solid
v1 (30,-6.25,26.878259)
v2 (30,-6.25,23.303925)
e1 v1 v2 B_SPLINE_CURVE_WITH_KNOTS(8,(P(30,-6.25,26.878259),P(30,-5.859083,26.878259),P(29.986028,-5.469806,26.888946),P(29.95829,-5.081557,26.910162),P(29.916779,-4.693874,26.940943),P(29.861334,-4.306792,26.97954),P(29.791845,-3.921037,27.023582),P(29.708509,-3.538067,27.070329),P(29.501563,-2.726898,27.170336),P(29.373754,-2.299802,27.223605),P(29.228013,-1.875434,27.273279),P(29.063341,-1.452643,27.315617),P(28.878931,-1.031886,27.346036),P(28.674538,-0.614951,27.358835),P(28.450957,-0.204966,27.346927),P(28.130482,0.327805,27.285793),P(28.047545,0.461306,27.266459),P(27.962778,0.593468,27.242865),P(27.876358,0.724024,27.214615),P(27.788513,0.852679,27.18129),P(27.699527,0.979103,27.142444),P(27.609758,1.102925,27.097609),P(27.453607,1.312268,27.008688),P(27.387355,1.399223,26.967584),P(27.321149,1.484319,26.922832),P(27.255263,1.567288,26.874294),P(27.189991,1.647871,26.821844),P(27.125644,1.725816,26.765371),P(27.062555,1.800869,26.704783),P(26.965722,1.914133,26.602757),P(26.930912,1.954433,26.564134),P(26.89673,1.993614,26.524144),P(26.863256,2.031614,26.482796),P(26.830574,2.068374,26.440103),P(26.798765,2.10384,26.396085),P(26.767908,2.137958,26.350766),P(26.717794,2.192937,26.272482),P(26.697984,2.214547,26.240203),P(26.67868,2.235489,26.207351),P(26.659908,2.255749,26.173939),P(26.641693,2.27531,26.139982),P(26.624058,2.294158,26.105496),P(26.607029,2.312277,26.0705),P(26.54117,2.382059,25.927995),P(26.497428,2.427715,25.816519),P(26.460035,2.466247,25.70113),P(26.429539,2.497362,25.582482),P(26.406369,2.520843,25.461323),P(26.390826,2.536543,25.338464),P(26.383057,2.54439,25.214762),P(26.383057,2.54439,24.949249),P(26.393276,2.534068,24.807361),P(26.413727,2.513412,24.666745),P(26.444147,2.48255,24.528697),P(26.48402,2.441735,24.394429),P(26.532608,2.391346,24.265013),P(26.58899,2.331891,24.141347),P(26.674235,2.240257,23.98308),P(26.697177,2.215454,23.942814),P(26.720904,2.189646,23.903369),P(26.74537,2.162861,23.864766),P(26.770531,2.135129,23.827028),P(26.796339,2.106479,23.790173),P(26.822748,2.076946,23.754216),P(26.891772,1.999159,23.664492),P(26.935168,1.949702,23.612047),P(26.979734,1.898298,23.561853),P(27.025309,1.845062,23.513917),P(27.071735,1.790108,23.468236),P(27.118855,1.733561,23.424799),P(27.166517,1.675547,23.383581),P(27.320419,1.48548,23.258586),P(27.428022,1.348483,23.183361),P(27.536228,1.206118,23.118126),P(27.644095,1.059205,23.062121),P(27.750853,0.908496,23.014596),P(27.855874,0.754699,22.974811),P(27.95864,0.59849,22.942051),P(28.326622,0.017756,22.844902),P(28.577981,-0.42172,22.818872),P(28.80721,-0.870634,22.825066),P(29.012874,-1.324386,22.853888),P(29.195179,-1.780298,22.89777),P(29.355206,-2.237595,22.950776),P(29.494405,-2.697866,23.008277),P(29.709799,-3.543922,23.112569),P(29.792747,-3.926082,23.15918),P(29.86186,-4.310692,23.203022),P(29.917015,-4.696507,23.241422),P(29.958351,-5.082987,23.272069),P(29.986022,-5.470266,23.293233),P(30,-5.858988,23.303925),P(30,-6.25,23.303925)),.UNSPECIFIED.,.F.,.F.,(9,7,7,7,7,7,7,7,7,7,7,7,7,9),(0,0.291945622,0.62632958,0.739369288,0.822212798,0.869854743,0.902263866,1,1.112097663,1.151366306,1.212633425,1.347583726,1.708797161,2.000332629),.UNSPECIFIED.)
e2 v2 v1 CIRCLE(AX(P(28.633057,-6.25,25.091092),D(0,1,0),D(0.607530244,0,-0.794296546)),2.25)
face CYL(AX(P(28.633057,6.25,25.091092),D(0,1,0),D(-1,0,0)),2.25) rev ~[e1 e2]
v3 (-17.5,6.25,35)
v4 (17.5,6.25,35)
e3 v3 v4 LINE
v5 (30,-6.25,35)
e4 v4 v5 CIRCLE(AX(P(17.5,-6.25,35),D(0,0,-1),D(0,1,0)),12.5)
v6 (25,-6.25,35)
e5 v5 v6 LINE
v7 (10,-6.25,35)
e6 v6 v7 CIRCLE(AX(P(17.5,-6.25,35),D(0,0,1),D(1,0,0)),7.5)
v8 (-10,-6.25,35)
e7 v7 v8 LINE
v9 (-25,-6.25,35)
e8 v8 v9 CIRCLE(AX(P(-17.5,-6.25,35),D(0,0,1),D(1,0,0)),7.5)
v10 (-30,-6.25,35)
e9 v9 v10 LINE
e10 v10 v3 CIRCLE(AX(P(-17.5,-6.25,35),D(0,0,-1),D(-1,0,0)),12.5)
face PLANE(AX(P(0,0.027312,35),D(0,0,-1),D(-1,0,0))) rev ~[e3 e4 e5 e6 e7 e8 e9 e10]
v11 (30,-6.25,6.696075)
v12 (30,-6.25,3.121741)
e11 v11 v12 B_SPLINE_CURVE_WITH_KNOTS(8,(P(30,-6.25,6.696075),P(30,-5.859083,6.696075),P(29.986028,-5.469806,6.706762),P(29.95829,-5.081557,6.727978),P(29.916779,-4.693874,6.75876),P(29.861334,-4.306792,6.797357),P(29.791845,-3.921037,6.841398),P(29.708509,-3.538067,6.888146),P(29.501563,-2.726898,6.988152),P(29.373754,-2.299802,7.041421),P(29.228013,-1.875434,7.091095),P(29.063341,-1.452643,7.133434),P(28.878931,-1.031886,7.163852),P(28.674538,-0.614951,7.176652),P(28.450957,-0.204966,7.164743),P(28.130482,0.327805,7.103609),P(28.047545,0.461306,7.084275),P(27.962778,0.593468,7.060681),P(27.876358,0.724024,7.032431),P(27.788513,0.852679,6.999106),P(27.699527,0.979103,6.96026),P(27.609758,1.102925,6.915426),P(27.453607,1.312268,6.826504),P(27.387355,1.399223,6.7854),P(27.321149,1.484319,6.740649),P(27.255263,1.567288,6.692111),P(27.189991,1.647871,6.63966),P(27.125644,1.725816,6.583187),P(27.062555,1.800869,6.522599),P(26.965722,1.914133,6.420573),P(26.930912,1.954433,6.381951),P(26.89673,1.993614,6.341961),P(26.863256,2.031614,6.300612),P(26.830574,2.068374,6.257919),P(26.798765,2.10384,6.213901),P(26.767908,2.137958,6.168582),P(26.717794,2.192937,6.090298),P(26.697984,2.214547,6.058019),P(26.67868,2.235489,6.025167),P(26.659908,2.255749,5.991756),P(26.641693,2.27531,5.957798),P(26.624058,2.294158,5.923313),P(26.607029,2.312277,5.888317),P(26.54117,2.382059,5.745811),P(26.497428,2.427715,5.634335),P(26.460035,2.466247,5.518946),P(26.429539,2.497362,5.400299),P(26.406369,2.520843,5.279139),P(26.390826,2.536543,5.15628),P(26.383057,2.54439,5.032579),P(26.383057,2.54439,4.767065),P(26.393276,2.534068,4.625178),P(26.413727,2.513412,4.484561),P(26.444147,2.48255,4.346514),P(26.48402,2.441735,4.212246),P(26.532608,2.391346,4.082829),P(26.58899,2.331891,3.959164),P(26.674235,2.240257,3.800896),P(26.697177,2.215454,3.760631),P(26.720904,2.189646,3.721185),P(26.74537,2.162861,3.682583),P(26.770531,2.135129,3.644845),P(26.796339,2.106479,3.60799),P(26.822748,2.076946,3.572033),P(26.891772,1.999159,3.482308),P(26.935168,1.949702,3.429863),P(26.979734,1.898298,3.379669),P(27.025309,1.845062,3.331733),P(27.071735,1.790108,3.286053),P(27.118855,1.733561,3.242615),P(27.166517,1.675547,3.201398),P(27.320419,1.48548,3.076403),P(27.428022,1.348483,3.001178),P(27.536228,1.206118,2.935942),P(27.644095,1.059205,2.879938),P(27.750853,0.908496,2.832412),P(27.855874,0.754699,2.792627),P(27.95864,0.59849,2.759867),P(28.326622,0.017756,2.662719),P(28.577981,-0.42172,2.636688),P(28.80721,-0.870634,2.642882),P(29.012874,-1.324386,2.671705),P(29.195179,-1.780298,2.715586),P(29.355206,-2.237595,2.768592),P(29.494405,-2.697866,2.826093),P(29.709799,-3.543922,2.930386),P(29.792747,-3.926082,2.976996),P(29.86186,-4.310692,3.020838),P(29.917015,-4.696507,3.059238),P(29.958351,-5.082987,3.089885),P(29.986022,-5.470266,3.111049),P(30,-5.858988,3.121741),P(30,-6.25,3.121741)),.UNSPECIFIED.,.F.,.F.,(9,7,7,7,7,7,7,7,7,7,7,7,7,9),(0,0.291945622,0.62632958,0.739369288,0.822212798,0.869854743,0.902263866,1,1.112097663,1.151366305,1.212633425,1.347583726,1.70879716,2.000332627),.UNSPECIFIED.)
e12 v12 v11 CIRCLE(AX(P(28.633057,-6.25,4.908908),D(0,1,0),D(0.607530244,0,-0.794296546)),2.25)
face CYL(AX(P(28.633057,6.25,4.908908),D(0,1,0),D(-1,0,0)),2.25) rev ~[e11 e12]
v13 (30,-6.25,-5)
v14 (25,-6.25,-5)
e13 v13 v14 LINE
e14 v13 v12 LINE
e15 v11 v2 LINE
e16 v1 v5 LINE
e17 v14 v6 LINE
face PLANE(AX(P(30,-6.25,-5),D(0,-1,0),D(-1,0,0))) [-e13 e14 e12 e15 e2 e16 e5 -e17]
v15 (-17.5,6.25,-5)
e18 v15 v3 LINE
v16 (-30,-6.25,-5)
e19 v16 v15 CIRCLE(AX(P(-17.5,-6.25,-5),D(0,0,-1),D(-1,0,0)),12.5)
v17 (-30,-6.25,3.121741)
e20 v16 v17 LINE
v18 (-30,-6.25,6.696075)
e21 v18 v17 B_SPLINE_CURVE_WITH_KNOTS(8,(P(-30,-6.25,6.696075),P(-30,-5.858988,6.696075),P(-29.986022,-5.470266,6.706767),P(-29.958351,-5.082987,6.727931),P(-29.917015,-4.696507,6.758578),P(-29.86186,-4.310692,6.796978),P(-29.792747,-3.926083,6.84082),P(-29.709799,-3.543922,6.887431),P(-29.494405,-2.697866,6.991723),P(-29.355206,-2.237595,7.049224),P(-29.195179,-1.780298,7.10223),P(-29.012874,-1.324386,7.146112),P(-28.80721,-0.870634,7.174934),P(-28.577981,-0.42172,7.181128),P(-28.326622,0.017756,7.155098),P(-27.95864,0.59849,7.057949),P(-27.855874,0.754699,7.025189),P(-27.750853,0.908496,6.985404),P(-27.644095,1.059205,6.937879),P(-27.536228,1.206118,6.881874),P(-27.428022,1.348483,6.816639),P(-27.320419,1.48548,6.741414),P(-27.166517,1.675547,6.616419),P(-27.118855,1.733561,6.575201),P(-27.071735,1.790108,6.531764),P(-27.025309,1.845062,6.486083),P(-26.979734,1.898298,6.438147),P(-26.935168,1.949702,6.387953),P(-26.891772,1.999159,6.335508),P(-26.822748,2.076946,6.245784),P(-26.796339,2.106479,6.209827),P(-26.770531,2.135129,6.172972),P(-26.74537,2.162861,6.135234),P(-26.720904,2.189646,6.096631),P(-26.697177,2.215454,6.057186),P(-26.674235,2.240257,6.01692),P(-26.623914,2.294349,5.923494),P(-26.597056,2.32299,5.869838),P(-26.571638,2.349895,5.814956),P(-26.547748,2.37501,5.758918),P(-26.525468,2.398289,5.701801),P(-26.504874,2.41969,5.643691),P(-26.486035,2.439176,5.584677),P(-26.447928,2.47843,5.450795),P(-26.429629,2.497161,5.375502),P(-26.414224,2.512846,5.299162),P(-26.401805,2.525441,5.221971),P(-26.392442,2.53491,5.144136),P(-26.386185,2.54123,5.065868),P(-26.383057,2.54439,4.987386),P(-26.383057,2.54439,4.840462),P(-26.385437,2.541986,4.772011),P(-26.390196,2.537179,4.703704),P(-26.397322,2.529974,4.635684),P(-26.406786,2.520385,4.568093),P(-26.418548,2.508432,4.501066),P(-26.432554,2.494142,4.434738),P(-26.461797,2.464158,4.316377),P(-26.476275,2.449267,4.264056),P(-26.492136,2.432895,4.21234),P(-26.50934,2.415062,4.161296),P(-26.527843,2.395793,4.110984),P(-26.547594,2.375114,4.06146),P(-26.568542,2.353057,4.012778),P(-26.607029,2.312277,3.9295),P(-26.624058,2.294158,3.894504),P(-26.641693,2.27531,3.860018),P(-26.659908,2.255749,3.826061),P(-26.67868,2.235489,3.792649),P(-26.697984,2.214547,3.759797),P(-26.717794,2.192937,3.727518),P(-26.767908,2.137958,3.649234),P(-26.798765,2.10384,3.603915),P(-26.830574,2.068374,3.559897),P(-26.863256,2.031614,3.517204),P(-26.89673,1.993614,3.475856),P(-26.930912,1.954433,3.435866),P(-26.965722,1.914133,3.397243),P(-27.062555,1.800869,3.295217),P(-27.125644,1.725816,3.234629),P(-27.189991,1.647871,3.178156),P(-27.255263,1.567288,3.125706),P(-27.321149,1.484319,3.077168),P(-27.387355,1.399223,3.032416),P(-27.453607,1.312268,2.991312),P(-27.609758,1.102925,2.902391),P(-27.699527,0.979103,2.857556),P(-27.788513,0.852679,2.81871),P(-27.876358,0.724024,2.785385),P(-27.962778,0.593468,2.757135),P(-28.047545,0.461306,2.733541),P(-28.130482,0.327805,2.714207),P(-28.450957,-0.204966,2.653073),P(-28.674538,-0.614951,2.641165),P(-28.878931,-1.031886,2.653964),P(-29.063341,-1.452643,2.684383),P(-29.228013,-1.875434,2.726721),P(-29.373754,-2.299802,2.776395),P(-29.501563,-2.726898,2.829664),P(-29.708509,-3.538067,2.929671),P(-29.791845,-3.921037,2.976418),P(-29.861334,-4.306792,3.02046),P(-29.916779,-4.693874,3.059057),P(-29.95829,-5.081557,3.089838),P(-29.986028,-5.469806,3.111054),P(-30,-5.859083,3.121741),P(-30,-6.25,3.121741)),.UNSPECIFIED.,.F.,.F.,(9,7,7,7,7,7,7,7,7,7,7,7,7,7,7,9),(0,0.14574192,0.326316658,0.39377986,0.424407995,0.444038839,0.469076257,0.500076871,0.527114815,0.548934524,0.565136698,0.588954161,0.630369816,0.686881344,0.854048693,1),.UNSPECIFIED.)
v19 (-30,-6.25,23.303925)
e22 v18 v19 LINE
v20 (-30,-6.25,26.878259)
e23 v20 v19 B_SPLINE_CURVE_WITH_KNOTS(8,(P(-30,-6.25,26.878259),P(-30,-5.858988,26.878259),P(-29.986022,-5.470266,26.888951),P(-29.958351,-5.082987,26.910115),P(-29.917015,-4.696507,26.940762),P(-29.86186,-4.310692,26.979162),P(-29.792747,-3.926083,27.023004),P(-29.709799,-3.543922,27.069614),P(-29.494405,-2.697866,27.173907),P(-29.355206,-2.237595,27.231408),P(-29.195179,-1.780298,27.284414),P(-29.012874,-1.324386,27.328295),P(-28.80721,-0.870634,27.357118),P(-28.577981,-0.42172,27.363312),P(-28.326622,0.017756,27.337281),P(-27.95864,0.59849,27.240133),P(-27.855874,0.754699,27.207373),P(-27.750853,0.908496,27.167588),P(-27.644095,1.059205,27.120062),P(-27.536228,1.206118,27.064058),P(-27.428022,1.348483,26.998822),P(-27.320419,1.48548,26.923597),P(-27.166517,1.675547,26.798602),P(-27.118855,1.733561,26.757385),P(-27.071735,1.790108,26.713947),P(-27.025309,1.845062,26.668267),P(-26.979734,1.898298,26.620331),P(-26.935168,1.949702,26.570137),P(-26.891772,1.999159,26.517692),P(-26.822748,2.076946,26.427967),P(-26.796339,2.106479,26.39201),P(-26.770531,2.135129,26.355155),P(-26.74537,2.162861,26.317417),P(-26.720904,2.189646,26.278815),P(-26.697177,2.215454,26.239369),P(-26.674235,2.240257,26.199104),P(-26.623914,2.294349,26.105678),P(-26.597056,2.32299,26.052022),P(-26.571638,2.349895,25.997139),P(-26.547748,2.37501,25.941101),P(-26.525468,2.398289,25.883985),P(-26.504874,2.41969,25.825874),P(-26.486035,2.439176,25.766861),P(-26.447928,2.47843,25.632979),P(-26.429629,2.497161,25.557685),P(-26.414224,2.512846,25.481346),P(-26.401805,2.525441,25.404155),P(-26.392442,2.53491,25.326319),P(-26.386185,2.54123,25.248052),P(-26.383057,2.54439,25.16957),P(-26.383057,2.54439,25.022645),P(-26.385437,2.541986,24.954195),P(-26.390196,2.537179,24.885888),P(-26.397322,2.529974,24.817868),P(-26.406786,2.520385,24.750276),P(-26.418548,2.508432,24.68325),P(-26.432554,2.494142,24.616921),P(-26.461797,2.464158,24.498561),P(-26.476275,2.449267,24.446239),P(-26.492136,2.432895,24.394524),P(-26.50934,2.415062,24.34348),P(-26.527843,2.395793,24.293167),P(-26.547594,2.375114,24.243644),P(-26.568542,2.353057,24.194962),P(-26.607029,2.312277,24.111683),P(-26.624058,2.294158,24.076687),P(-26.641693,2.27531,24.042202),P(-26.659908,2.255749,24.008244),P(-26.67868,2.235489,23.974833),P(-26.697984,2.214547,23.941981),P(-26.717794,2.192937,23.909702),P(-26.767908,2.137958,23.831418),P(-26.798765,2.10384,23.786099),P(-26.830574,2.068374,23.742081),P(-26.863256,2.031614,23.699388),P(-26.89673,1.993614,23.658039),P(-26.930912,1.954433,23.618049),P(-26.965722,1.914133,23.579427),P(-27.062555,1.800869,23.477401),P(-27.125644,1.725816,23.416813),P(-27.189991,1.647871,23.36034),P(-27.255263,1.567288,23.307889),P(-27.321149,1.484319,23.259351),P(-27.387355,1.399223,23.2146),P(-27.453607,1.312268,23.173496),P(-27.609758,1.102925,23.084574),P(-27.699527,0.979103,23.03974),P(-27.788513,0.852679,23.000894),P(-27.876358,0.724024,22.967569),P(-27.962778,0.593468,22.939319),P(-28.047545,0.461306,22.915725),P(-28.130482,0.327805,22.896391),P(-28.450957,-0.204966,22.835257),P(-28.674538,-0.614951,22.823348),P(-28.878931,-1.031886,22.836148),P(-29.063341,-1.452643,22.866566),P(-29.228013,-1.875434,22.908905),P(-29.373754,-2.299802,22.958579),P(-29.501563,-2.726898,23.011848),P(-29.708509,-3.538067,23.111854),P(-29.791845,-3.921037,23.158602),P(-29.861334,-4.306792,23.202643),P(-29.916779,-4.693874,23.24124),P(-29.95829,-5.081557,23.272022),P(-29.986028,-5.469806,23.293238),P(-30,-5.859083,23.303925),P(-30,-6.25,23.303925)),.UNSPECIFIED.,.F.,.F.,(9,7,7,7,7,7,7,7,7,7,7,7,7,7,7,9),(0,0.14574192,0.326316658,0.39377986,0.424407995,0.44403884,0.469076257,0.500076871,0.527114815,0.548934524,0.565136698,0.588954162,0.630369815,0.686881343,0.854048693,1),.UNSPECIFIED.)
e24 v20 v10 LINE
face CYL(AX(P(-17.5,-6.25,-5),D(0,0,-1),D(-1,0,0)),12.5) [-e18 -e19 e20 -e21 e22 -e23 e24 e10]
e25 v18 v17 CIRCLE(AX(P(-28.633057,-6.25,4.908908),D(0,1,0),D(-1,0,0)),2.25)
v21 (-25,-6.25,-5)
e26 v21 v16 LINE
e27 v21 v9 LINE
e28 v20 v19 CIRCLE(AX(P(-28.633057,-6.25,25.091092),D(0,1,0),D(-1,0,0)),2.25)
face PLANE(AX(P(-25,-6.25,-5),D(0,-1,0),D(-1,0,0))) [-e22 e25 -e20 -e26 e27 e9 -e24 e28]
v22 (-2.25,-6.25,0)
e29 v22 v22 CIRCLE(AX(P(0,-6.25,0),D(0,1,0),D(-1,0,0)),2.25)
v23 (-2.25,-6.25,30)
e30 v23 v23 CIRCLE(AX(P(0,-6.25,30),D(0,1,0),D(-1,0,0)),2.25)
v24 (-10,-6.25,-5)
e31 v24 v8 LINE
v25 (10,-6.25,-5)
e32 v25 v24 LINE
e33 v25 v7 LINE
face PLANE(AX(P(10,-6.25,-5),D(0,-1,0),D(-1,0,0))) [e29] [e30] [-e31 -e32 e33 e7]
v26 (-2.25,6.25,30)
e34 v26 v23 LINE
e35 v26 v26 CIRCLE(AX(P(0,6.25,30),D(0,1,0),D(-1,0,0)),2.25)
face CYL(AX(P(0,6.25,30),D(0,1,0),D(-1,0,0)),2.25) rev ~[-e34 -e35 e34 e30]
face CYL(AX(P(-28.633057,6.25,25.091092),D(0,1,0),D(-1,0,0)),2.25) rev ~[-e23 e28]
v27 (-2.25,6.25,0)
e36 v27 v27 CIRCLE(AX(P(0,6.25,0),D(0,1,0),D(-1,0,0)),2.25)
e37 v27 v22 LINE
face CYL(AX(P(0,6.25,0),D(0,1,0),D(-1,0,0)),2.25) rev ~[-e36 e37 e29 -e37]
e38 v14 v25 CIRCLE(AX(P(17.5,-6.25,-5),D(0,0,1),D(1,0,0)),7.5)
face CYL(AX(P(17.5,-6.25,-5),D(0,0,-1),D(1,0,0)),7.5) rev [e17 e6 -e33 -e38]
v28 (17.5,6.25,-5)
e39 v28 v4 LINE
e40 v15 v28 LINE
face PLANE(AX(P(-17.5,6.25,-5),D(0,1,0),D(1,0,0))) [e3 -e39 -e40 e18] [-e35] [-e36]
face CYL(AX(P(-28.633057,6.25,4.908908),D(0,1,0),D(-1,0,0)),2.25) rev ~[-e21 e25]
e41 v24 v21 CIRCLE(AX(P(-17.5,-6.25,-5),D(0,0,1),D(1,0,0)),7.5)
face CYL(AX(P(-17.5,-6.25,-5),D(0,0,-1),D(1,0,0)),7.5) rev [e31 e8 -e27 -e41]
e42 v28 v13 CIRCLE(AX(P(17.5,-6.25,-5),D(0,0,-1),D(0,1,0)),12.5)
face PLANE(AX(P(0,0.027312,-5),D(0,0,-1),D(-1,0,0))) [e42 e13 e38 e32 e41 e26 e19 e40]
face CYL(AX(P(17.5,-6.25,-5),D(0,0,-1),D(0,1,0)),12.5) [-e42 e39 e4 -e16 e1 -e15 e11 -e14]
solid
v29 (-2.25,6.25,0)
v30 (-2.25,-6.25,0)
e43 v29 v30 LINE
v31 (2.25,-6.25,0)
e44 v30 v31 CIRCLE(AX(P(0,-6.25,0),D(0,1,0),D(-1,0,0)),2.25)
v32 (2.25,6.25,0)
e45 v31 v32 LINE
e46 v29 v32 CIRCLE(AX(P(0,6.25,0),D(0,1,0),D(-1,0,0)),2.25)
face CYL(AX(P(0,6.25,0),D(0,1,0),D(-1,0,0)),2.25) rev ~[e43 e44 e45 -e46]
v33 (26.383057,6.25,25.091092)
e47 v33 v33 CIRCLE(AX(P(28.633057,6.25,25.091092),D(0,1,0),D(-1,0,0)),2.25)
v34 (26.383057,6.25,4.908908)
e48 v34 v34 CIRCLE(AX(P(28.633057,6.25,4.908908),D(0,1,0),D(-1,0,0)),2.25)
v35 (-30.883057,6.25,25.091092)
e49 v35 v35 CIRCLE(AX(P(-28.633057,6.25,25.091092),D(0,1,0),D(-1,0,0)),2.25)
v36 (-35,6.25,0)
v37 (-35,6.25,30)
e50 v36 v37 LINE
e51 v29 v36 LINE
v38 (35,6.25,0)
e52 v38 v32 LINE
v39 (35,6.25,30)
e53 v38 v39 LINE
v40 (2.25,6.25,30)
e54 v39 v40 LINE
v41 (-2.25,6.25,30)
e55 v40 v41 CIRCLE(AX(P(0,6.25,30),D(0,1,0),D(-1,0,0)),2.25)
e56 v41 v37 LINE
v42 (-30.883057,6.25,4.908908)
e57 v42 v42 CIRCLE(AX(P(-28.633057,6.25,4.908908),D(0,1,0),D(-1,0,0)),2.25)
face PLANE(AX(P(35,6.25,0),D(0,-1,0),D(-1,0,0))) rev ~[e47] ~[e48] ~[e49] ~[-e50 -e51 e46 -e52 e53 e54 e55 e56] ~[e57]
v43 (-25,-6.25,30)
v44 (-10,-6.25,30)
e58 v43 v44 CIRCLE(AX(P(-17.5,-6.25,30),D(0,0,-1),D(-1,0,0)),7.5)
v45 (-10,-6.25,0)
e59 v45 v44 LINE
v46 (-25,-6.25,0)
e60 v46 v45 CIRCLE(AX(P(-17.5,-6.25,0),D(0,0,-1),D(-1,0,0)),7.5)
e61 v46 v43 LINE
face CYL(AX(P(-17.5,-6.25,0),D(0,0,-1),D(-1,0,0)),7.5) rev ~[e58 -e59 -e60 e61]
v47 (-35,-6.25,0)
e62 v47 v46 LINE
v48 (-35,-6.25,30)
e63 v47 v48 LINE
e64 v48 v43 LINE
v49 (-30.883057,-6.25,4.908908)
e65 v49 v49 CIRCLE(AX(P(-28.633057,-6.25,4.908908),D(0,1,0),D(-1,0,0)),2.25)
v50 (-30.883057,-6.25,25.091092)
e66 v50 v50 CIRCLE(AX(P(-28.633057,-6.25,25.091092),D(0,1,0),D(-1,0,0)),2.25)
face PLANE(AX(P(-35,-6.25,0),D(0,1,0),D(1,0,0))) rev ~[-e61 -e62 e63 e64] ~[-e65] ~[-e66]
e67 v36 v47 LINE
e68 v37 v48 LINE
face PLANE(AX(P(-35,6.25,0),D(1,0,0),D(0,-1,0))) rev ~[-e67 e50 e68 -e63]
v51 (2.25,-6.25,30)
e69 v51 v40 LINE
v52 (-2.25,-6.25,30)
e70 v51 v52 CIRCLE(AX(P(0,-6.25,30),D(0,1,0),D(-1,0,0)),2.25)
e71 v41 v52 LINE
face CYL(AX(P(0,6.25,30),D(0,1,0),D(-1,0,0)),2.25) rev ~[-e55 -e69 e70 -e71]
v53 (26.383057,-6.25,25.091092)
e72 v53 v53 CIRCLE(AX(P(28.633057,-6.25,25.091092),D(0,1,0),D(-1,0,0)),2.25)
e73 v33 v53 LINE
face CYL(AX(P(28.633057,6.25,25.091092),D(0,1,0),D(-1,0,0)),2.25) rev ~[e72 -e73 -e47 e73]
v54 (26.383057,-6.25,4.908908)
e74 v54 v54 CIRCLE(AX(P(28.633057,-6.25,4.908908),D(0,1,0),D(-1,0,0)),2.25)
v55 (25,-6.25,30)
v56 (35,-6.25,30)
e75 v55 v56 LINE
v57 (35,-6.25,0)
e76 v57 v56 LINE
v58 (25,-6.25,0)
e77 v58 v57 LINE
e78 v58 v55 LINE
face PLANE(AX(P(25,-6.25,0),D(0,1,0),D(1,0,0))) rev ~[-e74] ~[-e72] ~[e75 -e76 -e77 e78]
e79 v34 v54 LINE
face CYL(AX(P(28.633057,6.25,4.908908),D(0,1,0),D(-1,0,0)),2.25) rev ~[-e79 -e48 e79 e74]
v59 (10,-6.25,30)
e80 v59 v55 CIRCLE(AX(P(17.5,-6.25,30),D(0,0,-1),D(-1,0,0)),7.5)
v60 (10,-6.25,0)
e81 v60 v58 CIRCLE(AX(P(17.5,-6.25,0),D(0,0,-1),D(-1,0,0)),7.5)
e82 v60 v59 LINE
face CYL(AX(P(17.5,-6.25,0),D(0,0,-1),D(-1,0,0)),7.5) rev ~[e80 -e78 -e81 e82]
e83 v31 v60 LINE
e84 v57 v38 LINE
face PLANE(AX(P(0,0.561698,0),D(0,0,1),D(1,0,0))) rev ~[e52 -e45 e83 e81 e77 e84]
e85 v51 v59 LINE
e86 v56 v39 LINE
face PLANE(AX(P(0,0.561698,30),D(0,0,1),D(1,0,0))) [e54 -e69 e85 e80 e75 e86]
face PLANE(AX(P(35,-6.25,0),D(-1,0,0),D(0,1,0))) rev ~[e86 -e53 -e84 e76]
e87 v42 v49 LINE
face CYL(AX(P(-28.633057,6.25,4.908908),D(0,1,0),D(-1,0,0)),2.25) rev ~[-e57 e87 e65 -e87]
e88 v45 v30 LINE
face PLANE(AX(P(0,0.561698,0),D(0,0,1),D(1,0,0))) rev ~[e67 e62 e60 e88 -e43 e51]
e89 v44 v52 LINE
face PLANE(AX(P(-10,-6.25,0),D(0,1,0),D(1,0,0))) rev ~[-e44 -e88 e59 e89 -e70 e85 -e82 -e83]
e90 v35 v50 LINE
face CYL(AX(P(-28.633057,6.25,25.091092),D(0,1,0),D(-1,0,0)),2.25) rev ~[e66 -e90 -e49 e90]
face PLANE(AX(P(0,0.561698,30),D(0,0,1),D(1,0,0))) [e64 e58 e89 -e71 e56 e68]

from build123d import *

# Parameters (mm, degrees)
BOSS_EXTRUDE1_DEPTH      = 30
BOSS_EXTRUDE2_DEPTH      = 5
BOSS_EXTRUDE2_DEPTH_BACK = 35
SKETCH3_R                = 2.25
CUT_EXTRUDE1_DEPTH       = 52.051444642


with BuildPart() as part:
    # Sketch1 → Boss-Extrude1 (new body)
    with BuildSketch(Plane.XY):
        with BuildLine():
            Line((-10, -6.25), (10, -6.25))
            ThreePointArc((10, -6.25), (17.5, 1.25), (25, -6.25))
            Line((25, -6.25), (35, -6.25))
            Line((35, -6.25), (35, 6.25))
            Line((35, 6.25), (-35, 6.25))
            Line((-35, 6.25), (-35, -6.25))
            Line((-35, -6.25), (-25, -6.25))
            ThreePointArc((-25, -6.25), (-17.5, 1.25), (-10, -6.25))
        make_face()
    extrude(amount=BOSS_EXTRUDE1_DEPTH)


with BuildPart() as body_2:
    # Sketch2 → Boss-Extrude2 (new, two sides: drawn at the far end of the back side and taken through both)
    with BuildSketch(Plane.XY.offset(30).offset(-BOSS_EXTRUDE2_DEPTH_BACK)):
        with BuildLine():
            Line((-25, -6.25), (-30, -6.25))
            ThreePointArc((-30, -6.25), (-26.338834765, 2.588834765), (-17.5, 6.25))
            Line((-17.5, 6.25), (17.5, 6.25))
            ThreePointArc((17.5, 6.25), (26.338834765, 2.588834765), (30, -6.25))
            Line((30, -6.25), (25, -6.25))
            ThreePointArc((25, -6.25), (17.5, 1.25), (10, -6.25))
            Line((10, -6.25), (-10, -6.25))
            ThreePointArc((-10, -6.25), (-17.5, 1.25), (-25, -6.25))
        make_face()
    extrude(amount=BOSS_EXTRUDE2_DEPTH + BOSS_EXTRUDE2_DEPTH_BACK)


with BuildPart() as cut_extrude1_tool:
    # Sketch3 → Cut-Extrude1 (new, through all)
    with BuildSketch(Plane(origin=(0, 6.25, 0), x_dir=(1, 0, 0), z_dir=(0, 1, 0))):
        with Locations(Location((0, 0, 0), (0, 0, 180))):
            Circle(SKETCH3_R)
        with Locations(Location((-28.633056951, -4.908908195, 0), (0, 0, 180))):
            Circle(SKETCH3_R)
        with Locations(Location((28.633056951, -4.908908195, 0), (0, 0, 180))):
            Circle(SKETCH3_R)
        with Locations(Location((28.633056951, -25.091091805, 0), (0, 0, 180))):
            Circle(SKETCH3_R)
        with Locations(Location((0, -30, 0), (0, 0, 180))):
            Circle(SKETCH3_R)
        with Locations(Location((-28.633056951, -25.091091805, 0), (0, 0, 180))):
            Circle(SKETCH3_R)
    extrude(amount=-CUT_EXTRUDE1_DEPTH)


with BuildPart() as part_1:
    add(part.part)

    # Cut-Extrude1: cut by cut_extrude1_tool
    add(cut_extrude1_tool.part, mode=Mode.SUBTRACT)


with BuildPart() as body_2_1:
    add(body_2.part)

    # Cut-Extrude1: cut by cut_extrude1_tool
    add(cut_extrude1_tool.part, mode=Mode.SUBTRACT)


solid = Compound([part_1.part, body_2_1.part])
